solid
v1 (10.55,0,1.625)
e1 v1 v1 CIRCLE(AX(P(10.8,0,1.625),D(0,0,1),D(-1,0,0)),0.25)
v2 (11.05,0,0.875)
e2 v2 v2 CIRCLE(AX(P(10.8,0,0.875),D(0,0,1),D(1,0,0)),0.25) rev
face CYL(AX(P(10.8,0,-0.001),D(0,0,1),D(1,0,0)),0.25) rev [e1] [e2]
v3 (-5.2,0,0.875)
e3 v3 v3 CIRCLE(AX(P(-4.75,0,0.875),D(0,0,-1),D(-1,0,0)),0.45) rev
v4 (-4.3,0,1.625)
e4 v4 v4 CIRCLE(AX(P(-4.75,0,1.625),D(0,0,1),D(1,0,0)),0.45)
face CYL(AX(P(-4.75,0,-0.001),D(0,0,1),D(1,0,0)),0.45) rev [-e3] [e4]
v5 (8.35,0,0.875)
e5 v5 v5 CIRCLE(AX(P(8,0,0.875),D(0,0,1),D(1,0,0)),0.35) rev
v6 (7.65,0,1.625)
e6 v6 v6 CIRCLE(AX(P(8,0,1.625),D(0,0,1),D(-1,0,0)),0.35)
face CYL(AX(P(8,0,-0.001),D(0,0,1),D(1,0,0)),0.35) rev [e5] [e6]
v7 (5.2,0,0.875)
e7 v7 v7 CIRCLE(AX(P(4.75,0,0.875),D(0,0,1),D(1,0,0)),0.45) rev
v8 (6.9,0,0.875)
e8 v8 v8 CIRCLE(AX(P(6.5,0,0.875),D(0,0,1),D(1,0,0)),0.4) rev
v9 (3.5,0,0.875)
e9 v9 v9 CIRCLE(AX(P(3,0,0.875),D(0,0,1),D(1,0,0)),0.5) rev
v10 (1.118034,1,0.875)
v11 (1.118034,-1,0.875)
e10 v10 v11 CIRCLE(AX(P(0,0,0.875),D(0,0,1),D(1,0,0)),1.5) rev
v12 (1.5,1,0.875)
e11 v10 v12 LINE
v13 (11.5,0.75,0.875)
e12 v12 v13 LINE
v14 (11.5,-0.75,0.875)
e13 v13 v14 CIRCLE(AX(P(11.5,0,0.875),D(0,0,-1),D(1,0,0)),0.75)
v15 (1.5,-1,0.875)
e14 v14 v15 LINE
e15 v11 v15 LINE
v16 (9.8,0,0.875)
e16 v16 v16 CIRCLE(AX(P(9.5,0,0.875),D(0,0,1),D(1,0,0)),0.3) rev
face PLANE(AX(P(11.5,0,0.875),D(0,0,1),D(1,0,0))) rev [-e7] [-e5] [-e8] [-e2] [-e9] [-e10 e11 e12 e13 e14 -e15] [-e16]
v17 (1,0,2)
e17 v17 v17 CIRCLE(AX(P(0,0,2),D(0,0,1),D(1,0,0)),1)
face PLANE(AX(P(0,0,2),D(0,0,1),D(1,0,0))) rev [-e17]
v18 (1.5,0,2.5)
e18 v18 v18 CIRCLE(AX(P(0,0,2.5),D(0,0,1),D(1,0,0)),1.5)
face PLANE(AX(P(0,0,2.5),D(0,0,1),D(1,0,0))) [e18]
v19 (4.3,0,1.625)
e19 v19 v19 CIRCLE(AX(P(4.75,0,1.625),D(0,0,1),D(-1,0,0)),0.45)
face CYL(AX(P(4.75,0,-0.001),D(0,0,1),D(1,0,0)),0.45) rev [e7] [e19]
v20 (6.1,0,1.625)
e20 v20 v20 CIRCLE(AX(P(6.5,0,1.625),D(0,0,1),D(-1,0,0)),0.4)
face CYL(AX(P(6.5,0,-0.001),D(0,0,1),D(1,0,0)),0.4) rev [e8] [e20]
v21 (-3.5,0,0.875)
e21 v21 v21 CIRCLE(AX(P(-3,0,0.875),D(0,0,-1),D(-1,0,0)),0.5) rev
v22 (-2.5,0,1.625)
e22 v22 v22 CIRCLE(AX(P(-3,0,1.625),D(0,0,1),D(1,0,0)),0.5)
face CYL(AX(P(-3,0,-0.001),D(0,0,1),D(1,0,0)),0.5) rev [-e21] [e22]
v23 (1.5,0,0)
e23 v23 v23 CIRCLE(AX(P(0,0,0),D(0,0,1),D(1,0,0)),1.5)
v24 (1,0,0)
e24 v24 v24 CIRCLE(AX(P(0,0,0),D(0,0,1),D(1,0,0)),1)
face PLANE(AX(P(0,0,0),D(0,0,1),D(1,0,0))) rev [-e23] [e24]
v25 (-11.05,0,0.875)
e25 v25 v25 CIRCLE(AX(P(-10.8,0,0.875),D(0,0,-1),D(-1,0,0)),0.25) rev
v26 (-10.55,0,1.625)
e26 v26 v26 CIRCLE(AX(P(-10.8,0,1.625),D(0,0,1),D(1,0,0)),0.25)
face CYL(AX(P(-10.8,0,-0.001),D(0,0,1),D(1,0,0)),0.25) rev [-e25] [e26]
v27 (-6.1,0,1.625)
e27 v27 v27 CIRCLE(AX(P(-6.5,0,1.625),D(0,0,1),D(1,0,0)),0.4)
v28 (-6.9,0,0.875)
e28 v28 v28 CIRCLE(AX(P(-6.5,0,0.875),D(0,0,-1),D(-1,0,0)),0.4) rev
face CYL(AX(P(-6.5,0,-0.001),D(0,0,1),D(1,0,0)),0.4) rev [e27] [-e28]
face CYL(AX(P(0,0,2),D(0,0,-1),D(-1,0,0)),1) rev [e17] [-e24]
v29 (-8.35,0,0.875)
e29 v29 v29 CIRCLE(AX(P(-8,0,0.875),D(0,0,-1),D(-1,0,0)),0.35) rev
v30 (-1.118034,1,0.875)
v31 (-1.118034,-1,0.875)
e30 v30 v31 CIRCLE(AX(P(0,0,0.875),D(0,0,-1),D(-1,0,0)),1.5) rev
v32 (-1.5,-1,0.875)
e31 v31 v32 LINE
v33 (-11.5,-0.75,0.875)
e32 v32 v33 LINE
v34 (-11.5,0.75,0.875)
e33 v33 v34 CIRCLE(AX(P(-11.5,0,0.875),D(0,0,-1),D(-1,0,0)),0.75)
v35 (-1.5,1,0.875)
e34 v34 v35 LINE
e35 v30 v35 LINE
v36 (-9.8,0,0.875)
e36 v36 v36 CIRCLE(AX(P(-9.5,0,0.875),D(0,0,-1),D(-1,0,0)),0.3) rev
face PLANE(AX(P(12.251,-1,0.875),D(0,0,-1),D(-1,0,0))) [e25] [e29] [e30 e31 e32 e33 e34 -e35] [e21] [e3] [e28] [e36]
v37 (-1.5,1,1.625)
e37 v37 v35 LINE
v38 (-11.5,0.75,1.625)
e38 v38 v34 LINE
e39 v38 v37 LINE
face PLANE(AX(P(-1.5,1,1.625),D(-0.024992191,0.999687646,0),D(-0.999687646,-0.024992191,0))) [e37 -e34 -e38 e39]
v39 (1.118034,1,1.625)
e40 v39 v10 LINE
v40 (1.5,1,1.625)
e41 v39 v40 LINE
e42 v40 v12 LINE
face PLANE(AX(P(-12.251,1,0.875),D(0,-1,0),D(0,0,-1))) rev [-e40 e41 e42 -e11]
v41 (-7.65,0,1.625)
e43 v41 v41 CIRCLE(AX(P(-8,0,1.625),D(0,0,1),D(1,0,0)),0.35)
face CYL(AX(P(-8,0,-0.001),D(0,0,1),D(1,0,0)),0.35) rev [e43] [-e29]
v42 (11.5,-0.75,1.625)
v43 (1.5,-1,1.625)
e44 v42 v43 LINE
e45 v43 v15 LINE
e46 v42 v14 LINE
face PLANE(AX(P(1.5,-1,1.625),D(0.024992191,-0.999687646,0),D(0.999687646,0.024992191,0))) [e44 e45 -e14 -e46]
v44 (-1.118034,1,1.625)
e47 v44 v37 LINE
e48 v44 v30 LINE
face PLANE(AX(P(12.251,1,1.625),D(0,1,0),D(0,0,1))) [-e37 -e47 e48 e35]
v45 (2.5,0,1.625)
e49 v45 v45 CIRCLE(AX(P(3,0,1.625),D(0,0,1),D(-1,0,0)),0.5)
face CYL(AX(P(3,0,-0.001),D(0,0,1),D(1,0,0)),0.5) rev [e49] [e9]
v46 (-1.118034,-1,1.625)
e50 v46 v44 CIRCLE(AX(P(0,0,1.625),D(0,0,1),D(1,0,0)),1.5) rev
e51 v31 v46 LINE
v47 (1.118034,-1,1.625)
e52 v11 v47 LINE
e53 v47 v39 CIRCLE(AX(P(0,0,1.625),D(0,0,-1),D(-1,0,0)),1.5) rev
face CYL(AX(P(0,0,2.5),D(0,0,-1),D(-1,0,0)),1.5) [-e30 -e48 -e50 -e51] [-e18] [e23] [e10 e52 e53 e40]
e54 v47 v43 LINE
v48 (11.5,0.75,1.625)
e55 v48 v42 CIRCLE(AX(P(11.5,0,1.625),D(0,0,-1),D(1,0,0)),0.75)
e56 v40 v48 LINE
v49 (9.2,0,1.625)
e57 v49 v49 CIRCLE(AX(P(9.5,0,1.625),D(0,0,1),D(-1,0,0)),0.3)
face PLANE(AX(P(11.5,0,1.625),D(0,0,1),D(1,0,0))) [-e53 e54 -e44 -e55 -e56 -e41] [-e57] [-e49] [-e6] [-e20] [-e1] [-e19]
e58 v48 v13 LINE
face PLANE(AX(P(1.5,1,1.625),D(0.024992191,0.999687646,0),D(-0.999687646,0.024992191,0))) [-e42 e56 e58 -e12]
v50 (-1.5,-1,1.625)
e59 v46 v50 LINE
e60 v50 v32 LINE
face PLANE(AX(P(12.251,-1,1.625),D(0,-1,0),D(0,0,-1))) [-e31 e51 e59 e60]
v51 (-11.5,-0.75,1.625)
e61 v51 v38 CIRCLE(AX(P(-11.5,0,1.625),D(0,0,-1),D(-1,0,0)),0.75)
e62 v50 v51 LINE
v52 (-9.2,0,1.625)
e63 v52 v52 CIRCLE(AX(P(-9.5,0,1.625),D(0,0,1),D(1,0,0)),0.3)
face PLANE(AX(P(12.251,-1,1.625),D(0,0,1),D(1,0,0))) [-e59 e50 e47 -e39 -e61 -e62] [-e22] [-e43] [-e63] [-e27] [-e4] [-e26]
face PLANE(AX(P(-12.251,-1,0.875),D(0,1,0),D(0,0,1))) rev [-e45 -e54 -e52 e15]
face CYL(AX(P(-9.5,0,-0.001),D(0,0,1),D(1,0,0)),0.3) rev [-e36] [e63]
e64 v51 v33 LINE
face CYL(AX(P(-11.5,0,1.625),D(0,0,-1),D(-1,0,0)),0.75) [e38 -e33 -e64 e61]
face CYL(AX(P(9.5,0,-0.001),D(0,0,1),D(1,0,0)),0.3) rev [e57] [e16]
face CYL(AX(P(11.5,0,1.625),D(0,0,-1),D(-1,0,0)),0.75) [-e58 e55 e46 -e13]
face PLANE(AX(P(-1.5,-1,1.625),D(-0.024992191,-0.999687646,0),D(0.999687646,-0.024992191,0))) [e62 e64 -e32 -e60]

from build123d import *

# Parameters (mm, degrees)
SKETCH1_R                  = 1.5
BOSS_EXTRUDE1_DEPTH        = 2.5
SKETCH1_3_R                = 1
CUT_EXTRUDE1_DEPTH         = 2
BOSS_EXTRUDE2_DEPTH        = 0.375
BOSS_EXTRUDE2_DEPTH_BACK   = 0.375
BOSS_EXTRUDE2_2_DEPTH      = 0.375
BOSS_EXTRUDE2_2_DEPTH_BACK = 0.375
BOSS_EXTRUDE3_START        = -0.381966
SKETCH2_W                  = 0.75
SKETCH2_H                  = 2
BOSS_EXTRUDE3_DEPTH        = 0.381966
SKETCH4_W                  = 0.75
SKETCH4_H                  = 2
BOSS_EXTRUDE4_DEPTH        = 0.381966
CUT_EXTRUDE2_REACH         = 3.625
SKETCH5_R                  = 0.25
SKETCH5_R_2                = 0.3
SKETCH5_R_3                = 0.35
SKETCH5_R_4                = 0.4
SKETCH5_R_5                = 0.45
SKETCH5_R_6                = 0.5


with BuildPart() as part:
    # Sketch1 → Boss-Extrude1 (new body)
    with BuildSketch(Plane.XY):
        Circle(SKETCH1_R)
    extrude(amount=BOSS_EXTRUDE1_DEPTH)

    # Sketch1<3> → Cut-Extrude1 (cut)
    with BuildSketch(Plane.XY):
        Circle(SKETCH1_3_R)
    extrude(amount=CUT_EXTRUDE1_DEPTH, mode=Mode.SUBTRACT)



with BuildPart() as body_2:
    # Sketch3 → Boss-Extrude2 (new body, two sides)
    with BuildSketch(Plane(origin=(0, 0, 1.25), x_dir=(0, -1, 0), z_dir=(0, 0, -1))) as boss_extrude2_sk:
        with BuildLine():
            Line((1, 1.5), (0.75, 11.5))
            ThreePointArc((0.75, 11.5), (0, 12.25), (-0.75, 11.5))
            Line((-0.75, 11.5), (-1, 1.5))
            Line((-1, 1.5), (1, 1.5))
        make_face()
    extrude(amount=BOSS_EXTRUDE2_DEPTH)
    extrude(boss_extrude2_sk.sketch, amount=-BOSS_EXTRUDE2_DEPTH_BACK)


with BuildPart() as body_3:
    # Sketch3 → Boss-Extrude2 2 (new body, two sides)
    with BuildSketch(Plane(origin=(0, 0, 1.25), x_dir=(0, -1, 0), z_dir=(0, 0, -1))) as boss_extrude2_2_sk:
        with BuildLine():
            Line((-1, -1.5), (-0.75, -11.5))
            ThreePointArc((-0.75, -11.5), (0, -12.25), (0.75, -11.5))
            Line((0.75, -11.5), (1, -1.5))
            Line((1, -1.5), (-1, -1.5))
        make_face()
    extrude(amount=BOSS_EXTRUDE2_2_DEPTH)
    extrude(boss_extrude2_2_sk.sketch, amount=-BOSS_EXTRUDE2_2_DEPTH_BACK)


with BuildPart() as part_1:
    add(part.part)

    add(body_2.part)  # Boss-Extrude3 merges body 2
    # Sketch2 → Boss-Extrude3 (add)
    with BuildSketch(Plane.ZY.offset(1.5).offset(BOSS_EXTRUDE3_START)):
        with Locations((1.25, 0)):
            Rectangle(SKETCH2_W, SKETCH2_H)
    extrude(amount=BOSS_EXTRUDE3_DEPTH)


    add(body_3.part)  # Boss-Extrude4 merges body 3
    # Sketch4 → Boss-Extrude4 (add)
    with BuildSketch(Plane.ZY.offset(-1.5)):
        with Locations((1.25, 0)):
            Rectangle(SKETCH4_W, SKETCH4_H)
    extrude(amount=BOSS_EXTRUDE4_DEPTH)

    # Sketch5 → Cut-Extrude2 (cut, up to next)
    with BuildSketch(Plane.XY.offset(1.625), mode=Mode.PRIVATE) as cut_extrude2_sk1:
        with Locations((-10.8, 0)):
            Circle(SKETCH5_R)
    cut_extrude2_tool1 = extrude(cut_extrude2_sk1.sketch, amount=-CUT_EXTRUDE2_REACH, mode=Mode.PRIVATE) & part_1.part
    add(cut_extrude2_tool1.solids().sort_by_distance((-10.8, 0, 1.625))[0], mode=Mode.SUBTRACT)
    # Sketch5 → Cut-Extrude2 (cut, up to next)
    with BuildSketch(Plane.XY.offset(1.625), mode=Mode.PRIVATE) as cut_extrude2_sk2:
        with Locations((-9.5, 0)):
            Circle(SKETCH5_R_2)
    cut_extrude2_tool2 = extrude(cut_extrude2_sk2.sketch, amount=-CUT_EXTRUDE2_REACH, mode=Mode.PRIVATE) & part_1.part
    add(cut_extrude2_tool2.solids().sort_by_distance((-9.5, 0, 1.625))[0], mode=Mode.SUBTRACT)
    # Sketch5 → Cut-Extrude2 (cut, up to next)
    with BuildSketch(Plane.XY.offset(1.625), mode=Mode.PRIVATE) as cut_extrude2_sk3:
        with Locations((-8, 0)):
            Circle(SKETCH5_R_3)
    cut_extrude2_tool3 = extrude(cut_extrude2_sk3.sketch, amount=-CUT_EXTRUDE2_REACH, mode=Mode.PRIVATE) & part_1.part
    add(cut_extrude2_tool3.solids().sort_by_distance((-8, 0, 1.625))[0], mode=Mode.SUBTRACT)
    # Sketch5 → Cut-Extrude2 (cut, up to next)
    with BuildSketch(Plane.XY.offset(1.625), mode=Mode.PRIVATE) as cut_extrude2_sk4:
        with Locations((-6.5, 0)):
            Circle(SKETCH5_R_4)
    cut_extrude2_tool4 = extrude(cut_extrude2_sk4.sketch, amount=-CUT_EXTRUDE2_REACH, mode=Mode.PRIVATE) & part_1.part
    add(cut_extrude2_tool4.solids().sort_by_distance((-6.5, 0, 1.625))[0], mode=Mode.SUBTRACT)
    # Sketch5 → Cut-Extrude2 (cut, up to next)
    with BuildSketch(Plane.XY.offset(1.625), mode=Mode.PRIVATE) as cut_extrude2_sk5:
        with Locations((-4.75, 0)):
            Circle(SKETCH5_R_5)
    cut_extrude2_tool5 = extrude(cut_extrude2_sk5.sketch, amount=-CUT_EXTRUDE2_REACH, mode=Mode.PRIVATE) & part_1.part
    add(cut_extrude2_tool5.solids().sort_by_distance((-4.75, 0, 1.625))[0], mode=Mode.SUBTRACT)
    # Sketch5 → Cut-Extrude2 (cut, up to next)
    with BuildSketch(Plane.XY.offset(1.625), mode=Mode.PRIVATE) as cut_extrude2_sk6:
        with Locations((-3, 0)):
            Circle(SKETCH5_R_6)
    cut_extrude2_tool6 = extrude(cut_extrude2_sk6.sketch, amount=-CUT_EXTRUDE2_REACH, mode=Mode.PRIVATE) & part_1.part
    add(cut_extrude2_tool6.solids().sort_by_distance((-3, 0, 1.625))[0], mode=Mode.SUBTRACT)
    # Sketch5 → Cut-Extrude2 (cut, up to next)
    with BuildSketch(Plane.XY.offset(1.625), mode=Mode.PRIVATE) as cut_extrude2_sk7:
        with Locations((3, 0)):
            Circle(SKETCH5_R_6)
    cut_extrude2_tool7 = extrude(cut_extrude2_sk7.sketch, amount=-CUT_EXTRUDE2_REACH, mode=Mode.PRIVATE) & part_1.part
    add(cut_extrude2_tool7.solids().sort_by_distance((3, 0, 1.625))[0], mode=Mode.SUBTRACT)
    # Sketch5 → Cut-Extrude2 (cut, up to next)
    with BuildSketch(Plane.XY.offset(1.625), mode=Mode.PRIVATE) as cut_extrude2_sk8:
        with Locations((4.75, 0)):
            Circle(SKETCH5_R_5)
    cut_extrude2_tool8 = extrude(cut_extrude2_sk8.sketch, amount=-CUT_EXTRUDE2_REACH, mode=Mode.PRIVATE) & part_1.part
    add(cut_extrude2_tool8.solids().sort_by_distance((4.75, 0, 1.625))[0], mode=Mode.SUBTRACT)
    # Sketch5 → Cut-Extrude2 (cut, up to next)
    with BuildSketch(Plane.XY.offset(1.625), mode=Mode.PRIVATE) as cut_extrude2_sk9:
        with Locations((6.5, 0)):
            Circle(SKETCH5_R_4)
    cut_extrude2_tool9 = extrude(cut_extrude2_sk9.sketch, amount=-CUT_EXTRUDE2_REACH, mode=Mode.PRIVATE) & part_1.part
    add(cut_extrude2_tool9.solids().sort_by_distance((6.5, 0, 1.625))[0], mode=Mode.SUBTRACT)
    # Sketch5 → Cut-Extrude2 (cut, up to next)
    with BuildSketch(Plane.XY.offset(1.625), mode=Mode.PRIVATE) as cut_extrude2_sk10:
        with Locations((8, 0)):
            Circle(SKETCH5_R_3)
    cut_extrude2_tool10 = extrude(cut_extrude2_sk10.sketch, amount=-CUT_EXTRUDE2_REACH, mode=Mode.PRIVATE) & part_1.part
    add(cut_extrude2_tool10.solids().sort_by_distance((8, 0, 1.625))[0], mode=Mode.SUBTRACT)
    # Sketch5 → Cut-Extrude2 (cut, up to next)
    with BuildSketch(Plane.XY.offset(1.625), mode=Mode.PRIVATE) as cut_extrude2_sk11:
        with Locations((9.5, 0)):
            Circle(SKETCH5_R_2)
    cut_extrude2_tool11 = extrude(cut_extrude2_sk11.sketch, amount=-CUT_EXTRUDE2_REACH, mode=Mode.PRIVATE) & part_1.part
    add(cut_extrude2_tool11.solids().sort_by_distance((9.5, 0, 1.625))[0], mode=Mode.SUBTRACT)
    # Sketch5 → Cut-Extrude2 (cut, up to next)
    with BuildSketch(Plane.XY.offset(1.625), mode=Mode.PRIVATE) as cut_extrude2_sk12:
        with Locations((10.8, 0)):
            Circle(SKETCH5_R)
    cut_extrude2_tool12 = extrude(cut_extrude2_sk12.sketch, amount=-CUT_EXTRUDE2_REACH, mode=Mode.PRIVATE) & part_1.part
    add(cut_extrude2_tool12.solids().sort_by_distance((10.8, 0, 1.625))[0], mode=Mode.SUBTRACT)


solid = part_1.part
